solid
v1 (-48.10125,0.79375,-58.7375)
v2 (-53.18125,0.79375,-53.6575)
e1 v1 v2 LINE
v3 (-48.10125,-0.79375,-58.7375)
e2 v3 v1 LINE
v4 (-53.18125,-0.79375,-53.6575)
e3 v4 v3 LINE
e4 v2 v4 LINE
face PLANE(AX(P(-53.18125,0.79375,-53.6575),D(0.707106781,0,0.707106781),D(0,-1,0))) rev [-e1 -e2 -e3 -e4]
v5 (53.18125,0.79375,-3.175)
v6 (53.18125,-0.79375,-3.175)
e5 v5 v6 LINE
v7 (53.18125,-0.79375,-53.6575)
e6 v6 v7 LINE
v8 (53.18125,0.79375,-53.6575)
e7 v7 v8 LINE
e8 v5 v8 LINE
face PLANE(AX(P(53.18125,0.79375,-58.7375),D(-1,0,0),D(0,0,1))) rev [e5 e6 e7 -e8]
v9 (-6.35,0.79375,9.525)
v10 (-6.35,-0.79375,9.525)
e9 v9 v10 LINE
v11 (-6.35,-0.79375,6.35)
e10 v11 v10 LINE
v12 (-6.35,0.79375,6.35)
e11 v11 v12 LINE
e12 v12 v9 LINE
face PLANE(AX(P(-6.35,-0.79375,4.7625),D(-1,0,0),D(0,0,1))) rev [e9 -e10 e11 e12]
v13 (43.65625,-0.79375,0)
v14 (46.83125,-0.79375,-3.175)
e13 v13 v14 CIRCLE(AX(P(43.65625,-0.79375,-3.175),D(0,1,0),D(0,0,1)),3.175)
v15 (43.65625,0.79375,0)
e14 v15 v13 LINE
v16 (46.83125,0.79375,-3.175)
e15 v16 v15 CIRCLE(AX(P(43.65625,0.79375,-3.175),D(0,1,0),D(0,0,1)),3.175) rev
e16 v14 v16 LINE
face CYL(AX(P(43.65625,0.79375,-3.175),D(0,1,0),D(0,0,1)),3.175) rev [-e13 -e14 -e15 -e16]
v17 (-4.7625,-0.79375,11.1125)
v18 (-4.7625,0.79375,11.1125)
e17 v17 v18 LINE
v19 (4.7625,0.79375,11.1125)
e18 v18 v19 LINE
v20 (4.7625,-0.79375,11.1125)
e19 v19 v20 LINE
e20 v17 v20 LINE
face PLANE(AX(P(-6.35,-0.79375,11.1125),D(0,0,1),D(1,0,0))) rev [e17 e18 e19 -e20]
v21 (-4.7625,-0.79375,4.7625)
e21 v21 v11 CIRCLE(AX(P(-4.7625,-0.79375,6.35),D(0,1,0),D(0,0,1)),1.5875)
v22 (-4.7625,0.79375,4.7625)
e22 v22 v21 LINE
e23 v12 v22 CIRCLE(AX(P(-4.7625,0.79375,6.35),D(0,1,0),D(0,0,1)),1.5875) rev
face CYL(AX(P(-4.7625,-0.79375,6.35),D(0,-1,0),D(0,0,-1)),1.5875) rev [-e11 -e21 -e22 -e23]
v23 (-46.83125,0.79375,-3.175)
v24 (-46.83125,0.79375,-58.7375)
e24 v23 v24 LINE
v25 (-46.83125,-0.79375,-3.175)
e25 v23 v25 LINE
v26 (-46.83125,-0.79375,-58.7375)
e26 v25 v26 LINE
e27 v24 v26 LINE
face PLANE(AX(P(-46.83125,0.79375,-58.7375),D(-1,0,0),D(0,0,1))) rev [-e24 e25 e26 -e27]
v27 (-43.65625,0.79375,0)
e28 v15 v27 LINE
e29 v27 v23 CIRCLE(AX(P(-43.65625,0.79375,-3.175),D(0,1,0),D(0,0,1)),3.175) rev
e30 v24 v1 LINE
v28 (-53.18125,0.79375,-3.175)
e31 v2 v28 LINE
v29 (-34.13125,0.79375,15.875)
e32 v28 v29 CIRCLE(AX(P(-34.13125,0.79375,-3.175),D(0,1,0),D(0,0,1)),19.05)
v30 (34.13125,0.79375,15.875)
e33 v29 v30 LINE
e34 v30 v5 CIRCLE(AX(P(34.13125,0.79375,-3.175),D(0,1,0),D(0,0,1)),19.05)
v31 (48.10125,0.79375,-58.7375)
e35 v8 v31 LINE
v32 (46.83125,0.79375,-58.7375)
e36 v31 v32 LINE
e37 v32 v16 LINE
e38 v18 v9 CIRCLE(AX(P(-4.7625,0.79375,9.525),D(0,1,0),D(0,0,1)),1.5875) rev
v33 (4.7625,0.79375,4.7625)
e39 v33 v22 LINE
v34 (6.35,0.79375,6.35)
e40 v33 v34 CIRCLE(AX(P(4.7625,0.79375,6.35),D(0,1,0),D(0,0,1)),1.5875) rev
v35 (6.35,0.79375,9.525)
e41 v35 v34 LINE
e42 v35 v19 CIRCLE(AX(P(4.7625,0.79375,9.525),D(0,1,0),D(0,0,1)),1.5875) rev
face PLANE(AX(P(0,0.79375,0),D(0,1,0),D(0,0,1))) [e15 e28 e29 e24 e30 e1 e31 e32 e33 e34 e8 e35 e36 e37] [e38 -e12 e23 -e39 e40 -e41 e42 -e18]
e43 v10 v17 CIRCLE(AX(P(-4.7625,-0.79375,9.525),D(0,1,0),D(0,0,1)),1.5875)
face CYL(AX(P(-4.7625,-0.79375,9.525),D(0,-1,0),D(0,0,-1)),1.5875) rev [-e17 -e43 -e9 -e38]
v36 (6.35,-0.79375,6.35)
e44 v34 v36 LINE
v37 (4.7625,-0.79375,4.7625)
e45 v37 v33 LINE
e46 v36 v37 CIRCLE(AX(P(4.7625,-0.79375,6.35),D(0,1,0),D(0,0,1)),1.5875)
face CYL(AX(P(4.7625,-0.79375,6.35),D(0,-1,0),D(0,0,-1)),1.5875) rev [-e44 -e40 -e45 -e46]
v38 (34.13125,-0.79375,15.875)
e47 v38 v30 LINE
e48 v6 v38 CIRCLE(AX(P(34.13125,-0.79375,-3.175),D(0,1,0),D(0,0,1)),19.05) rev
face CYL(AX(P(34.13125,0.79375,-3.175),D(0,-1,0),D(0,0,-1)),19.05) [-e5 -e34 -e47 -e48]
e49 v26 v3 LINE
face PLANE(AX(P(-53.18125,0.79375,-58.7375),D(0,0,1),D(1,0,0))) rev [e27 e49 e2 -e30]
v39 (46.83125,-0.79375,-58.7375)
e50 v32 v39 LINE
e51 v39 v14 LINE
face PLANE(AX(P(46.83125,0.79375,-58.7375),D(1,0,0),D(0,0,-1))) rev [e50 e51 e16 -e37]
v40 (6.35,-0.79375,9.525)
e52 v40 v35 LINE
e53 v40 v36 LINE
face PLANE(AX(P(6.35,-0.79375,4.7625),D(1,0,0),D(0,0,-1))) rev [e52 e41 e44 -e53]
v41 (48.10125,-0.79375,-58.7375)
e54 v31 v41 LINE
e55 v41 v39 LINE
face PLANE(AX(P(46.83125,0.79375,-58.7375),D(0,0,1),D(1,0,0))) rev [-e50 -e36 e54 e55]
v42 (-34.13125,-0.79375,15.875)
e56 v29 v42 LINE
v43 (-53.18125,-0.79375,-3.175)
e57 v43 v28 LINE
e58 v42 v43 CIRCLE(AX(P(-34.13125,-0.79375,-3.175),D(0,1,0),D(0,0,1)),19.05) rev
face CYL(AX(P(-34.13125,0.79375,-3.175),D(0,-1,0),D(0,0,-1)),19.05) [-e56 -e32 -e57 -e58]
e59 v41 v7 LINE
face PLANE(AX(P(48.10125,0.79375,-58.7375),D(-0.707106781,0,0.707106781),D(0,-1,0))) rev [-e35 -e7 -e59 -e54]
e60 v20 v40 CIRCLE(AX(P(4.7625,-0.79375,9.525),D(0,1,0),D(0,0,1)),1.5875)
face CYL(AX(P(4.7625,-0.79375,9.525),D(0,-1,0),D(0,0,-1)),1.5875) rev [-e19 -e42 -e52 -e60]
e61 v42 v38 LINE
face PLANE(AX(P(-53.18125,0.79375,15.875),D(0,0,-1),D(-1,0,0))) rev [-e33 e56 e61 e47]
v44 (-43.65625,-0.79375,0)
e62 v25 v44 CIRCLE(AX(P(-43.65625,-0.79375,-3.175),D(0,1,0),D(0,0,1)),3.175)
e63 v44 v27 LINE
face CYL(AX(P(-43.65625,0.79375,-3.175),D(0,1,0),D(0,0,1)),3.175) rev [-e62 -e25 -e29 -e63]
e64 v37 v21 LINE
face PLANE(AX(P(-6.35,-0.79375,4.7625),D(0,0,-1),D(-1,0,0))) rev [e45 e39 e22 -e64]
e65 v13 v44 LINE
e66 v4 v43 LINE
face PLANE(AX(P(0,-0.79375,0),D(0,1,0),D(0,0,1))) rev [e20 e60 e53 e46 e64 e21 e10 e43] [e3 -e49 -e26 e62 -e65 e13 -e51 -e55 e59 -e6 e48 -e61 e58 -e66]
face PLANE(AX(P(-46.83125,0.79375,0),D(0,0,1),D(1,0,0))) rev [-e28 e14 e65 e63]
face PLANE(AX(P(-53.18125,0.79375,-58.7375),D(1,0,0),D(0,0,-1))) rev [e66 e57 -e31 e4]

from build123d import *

# Parameters (mm, degrees)
BOSS_EXTRUDE1_DEPTH     = 0.79375
FILLET1_R               = 19.05
CUT_EXTRUDE1_DEPTH      = 80.251873253
CUT_EXTRUDE1_DEPTH_BACK = 80.251873253
SKETCH2_W               = 12.7
SKETCH2_H               = 6.35
FILLET2_R               = 1.5875
CHAMFER1_SIZE           = 5.08
FILLET3_R               = 3.175


with BuildPart() as part:
    # Sketch1 → Boss-Extrude1 (new, symmetric)
    with BuildSketch(Plane(origin=(0, 0, 0), x_dir=(1, 0, 0), z_dir=(0, 1, 0))):
        Polygon((-46.83125, 58.7375), (-46.83125, 0), (46.83125, 0), (46.83125, 58.7375), (53.18125, 58.7375), (53.18125, -15.875), (-53.18125, -15.875), (-53.18125, 58.7375), align=None)
    extrude(amount=BOSS_EXTRUDE1_DEPTH, both=True)

    # Fillet1
    fillet1_edges = [part.edges().sort_by_distance(p)[0] for p in [
        (53.18125, 0, 15.875),
        (-53.18125, 0, 15.875),
    ]]
    fillet(fillet1_edges, radius=FILLET1_R)

    # Sketch2 → Cut-Extrude1 (cut, two sides: drawn at the far end of the back side and taken through both)
    with BuildSketch(Plane(origin=(0, 0.79375, 0), x_dir=(1, 0, 0), z_dir=(0, 1, 0)).offset(-CUT_EXTRUDE1_DEPTH_BACK)):
        with Locations((0, -7.9375)):
            Rectangle(SKETCH2_W, SKETCH2_H)
    extrude(amount=CUT_EXTRUDE1_DEPTH + CUT_EXTRUDE1_DEPTH_BACK, mode=Mode.SUBTRACT)

    # Fillet2
    fillet2_edges = [part.edges().sort_by_distance(p)[0] for p in [
        (6.35, 0, 4.7625),
        (6.35, 0, 11.1125),
        (-6.35, 0, 11.1125),
        (-6.35, 0, 4.7625),
    ]]
    fillet(fillet2_edges, radius=FILLET2_R)

    # Chamfer1
    chamfer1_edges = [part.edges().sort_by_distance(p)[0] for p in [
        (-53.18125, 0, -58.7375),
        (53.18125, 0, -58.7375),
    ]]
    chamfer(chamfer1_edges, length=CHAMFER1_SIZE)

    # Fillet3
    fillet3_edges = [part.edges().sort_by_distance(p)[0] for p in [
        (-46.83125, 0, 0),
        (46.83125, 0, 0),
    ]]
    fillet(fillet3_edges, radius=FILLET3_R)


solid = part.part
